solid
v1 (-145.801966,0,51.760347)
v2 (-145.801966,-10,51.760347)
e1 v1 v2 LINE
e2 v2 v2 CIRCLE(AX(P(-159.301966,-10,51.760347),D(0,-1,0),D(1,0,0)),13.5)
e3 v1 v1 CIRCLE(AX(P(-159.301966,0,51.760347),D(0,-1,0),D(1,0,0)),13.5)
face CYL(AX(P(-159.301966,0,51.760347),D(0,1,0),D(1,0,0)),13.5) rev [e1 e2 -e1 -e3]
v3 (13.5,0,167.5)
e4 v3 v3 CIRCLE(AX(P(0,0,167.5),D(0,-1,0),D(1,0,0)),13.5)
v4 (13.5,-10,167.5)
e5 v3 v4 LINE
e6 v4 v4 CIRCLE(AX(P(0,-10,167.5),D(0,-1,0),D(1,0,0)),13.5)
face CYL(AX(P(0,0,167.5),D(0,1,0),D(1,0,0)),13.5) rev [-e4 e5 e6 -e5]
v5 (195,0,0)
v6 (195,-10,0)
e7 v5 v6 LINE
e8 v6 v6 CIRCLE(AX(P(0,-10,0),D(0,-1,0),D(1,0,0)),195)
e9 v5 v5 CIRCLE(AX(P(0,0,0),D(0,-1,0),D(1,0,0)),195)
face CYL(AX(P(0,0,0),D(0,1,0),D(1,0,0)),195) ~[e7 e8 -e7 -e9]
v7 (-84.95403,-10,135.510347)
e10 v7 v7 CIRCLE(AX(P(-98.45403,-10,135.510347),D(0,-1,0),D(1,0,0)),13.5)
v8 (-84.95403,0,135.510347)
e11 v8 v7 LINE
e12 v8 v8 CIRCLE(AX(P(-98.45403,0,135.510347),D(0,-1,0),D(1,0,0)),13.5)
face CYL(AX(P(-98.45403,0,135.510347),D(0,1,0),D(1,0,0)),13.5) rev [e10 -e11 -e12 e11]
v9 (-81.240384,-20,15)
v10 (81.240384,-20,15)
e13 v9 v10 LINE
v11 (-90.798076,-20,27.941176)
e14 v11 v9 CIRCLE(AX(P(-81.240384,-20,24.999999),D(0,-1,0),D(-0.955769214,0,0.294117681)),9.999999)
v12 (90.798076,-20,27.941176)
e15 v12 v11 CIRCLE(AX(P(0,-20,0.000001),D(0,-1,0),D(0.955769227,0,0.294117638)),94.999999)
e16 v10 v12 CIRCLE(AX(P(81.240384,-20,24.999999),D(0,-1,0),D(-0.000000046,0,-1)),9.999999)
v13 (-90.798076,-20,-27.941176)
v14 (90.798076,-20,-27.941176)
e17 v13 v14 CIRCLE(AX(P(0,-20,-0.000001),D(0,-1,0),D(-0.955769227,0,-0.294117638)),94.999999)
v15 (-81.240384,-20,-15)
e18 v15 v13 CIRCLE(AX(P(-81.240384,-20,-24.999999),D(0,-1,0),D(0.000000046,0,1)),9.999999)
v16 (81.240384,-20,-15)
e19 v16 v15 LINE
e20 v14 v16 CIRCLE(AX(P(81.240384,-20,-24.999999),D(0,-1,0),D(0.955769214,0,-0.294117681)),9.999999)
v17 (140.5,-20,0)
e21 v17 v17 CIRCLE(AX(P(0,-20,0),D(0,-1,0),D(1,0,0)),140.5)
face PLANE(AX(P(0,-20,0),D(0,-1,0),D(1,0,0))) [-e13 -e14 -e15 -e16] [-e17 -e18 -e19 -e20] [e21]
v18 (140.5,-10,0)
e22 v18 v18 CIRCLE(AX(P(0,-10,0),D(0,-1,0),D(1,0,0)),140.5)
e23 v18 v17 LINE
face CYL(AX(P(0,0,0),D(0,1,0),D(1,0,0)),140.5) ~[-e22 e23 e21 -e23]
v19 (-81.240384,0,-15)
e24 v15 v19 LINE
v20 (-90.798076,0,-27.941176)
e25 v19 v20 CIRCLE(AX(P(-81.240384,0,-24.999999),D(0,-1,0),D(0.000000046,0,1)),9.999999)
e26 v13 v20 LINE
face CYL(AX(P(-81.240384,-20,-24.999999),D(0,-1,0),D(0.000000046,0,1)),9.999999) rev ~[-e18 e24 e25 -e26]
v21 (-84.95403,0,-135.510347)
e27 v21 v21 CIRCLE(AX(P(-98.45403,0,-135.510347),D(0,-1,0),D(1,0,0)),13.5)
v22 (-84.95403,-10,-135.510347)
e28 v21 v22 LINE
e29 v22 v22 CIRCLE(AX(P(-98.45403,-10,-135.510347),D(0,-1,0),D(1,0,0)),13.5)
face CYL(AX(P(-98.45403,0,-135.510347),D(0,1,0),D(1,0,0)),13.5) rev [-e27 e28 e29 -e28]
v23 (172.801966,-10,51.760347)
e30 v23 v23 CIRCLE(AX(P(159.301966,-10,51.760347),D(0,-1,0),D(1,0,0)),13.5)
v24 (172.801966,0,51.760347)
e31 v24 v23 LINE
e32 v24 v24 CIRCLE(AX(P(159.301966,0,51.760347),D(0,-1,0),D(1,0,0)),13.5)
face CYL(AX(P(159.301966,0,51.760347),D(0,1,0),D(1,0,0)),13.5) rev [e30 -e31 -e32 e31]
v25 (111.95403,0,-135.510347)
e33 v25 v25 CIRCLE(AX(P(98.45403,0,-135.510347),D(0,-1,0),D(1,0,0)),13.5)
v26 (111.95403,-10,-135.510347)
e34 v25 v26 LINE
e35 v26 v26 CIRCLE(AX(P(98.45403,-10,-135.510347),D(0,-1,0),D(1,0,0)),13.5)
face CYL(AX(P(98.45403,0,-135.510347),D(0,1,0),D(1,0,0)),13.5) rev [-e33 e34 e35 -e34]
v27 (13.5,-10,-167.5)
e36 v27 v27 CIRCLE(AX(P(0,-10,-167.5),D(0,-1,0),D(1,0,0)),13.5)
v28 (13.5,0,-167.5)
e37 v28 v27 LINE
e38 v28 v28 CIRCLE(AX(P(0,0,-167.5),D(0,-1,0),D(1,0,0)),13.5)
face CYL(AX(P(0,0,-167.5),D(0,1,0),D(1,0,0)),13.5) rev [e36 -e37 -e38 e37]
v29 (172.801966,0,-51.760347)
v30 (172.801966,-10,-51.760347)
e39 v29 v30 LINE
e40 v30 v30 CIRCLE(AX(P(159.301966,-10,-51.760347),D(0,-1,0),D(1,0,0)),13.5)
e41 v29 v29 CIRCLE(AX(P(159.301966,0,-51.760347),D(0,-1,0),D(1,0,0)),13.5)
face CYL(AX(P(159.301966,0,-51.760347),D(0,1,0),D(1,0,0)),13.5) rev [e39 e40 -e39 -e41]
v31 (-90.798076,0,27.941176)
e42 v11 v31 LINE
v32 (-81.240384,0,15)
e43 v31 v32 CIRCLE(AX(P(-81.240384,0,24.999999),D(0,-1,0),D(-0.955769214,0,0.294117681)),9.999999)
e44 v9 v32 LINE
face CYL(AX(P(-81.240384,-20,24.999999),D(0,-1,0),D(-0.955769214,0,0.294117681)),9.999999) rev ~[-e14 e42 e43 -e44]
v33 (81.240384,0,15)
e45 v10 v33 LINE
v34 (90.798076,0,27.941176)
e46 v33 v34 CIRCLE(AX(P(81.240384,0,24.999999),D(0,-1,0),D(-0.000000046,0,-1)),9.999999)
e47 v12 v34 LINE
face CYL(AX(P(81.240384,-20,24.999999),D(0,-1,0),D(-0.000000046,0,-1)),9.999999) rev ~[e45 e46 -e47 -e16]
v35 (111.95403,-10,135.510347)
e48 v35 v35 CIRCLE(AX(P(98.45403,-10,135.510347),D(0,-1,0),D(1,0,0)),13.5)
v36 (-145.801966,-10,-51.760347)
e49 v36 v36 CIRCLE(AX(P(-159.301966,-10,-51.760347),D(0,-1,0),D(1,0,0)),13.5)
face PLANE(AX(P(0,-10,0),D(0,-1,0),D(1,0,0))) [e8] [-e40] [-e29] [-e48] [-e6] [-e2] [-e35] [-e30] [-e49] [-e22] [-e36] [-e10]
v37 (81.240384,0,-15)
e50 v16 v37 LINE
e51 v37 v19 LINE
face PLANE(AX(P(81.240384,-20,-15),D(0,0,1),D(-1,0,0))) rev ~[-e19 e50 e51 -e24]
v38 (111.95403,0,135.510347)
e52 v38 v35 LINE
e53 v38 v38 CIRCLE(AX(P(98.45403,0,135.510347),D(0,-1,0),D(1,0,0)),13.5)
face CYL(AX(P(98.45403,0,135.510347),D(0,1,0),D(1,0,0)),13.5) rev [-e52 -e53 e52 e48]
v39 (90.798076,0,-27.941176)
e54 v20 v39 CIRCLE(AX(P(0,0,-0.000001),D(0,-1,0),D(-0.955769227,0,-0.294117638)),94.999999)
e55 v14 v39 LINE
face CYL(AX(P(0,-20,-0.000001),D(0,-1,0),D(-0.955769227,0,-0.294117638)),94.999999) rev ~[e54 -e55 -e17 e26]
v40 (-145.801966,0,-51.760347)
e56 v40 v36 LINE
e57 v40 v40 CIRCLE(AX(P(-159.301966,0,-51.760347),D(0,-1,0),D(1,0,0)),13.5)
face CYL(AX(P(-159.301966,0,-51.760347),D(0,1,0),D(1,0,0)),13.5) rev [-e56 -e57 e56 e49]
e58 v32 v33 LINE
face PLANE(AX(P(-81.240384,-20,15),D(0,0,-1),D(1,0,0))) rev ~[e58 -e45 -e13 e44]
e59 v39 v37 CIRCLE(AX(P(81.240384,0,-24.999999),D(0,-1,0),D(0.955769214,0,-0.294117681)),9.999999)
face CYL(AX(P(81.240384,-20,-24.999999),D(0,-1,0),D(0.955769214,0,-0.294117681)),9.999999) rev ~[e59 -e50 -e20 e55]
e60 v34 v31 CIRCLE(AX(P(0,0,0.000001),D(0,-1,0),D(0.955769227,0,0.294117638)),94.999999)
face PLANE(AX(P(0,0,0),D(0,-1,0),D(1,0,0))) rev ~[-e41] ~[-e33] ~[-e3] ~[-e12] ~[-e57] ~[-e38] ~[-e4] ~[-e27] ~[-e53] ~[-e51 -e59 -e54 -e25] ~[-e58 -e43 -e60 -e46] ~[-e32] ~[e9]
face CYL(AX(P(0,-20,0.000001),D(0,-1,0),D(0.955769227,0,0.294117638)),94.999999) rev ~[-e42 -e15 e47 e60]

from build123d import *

# Parameters (mm, degrees)
F0_R     = 140.5
F1_DEPTH = 20
F0_R_2   = 195
F0_R_3   = 13.5
F2_DEPTH = 10
F4_DEPTH = 25


with BuildPart() as f1:
    # F0 (on Front) → F1 (new body)
    with BuildSketch(Plane.XZ):
        Circle(F0_R)
    extrude(amount=F1_DEPTH)

    # F0 (on Front) → F2 (join)
    with BuildSketch(Plane.XZ):
        Circle(F0_R_2)
        with Locations((-98.45403, -135.510347)):
            Circle(F0_R_3, mode=Mode.SUBTRACT)
        with Locations((-159.301966, -51.760347)):
            Circle(F0_R_3, mode=Mode.SUBTRACT)
        with Locations((0, -167.5)):
            Circle(F0_R_3, mode=Mode.SUBTRACT)
        with Locations((98.45403, -135.510347)):
            Circle(F0_R_3, mode=Mode.SUBTRACT)
        with Locations((159.301966, -51.760347)):
            Circle(F0_R_3, mode=Mode.SUBTRACT)
        with Locations((-159.301966, 51.760347)):
            Circle(F0_R_3, mode=Mode.SUBTRACT)
        with Locations((-98.45403, 135.510347)):
            Circle(F0_R_3, mode=Mode.SUBTRACT)
        Circle(F0_R, mode=Mode.SUBTRACT)
        with Locations((159.301966, 51.760347)):
            Circle(F0_R_3, mode=Mode.SUBTRACT)
        with Locations((0, 167.5)):
            Circle(F0_R_3, mode=Mode.SUBTRACT)
        with Locations((98.45403, 135.510347)):
            Circle(F0_R_3, mode=Mode.SUBTRACT)
    extrude(amount=F2_DEPTH)

    # F3 (on face) → F4 (cut)
    with BuildSketch(Plane.XZ.offset(20)):
        with BuildLine():
            ThreePointArc((81.240384, 15), (89.284381, 19.059115), (90.798076, 27.941176))
            ThreePointArc((90.798076, 27.941176), (0, 95), (-90.798076, 27.941176))
            ThreePointArc((-90.798076, 27.941176), (-89.284381, 19.059115), (-81.240384, 15))
            Line((-81.240384, 15), (81.240384, 15))
        make_face()
        with BuildLine():
            Line((81.240384, -15), (-81.240384, -15))
            ThreePointArc((-81.240384, -15), (-89.284381, -19.059115), (-90.798076, -27.941176))
            ThreePointArc((-90.798076, -27.941176), (0, -95), (90.798076, -27.941176))
            ThreePointArc((90.798076, -27.941176), (89.284381, -19.059115), (81.240384, -15))
        make_face()
    extrude(amount=-F4_DEPTH, mode=Mode.SUBTRACT)


solid = f1.part
